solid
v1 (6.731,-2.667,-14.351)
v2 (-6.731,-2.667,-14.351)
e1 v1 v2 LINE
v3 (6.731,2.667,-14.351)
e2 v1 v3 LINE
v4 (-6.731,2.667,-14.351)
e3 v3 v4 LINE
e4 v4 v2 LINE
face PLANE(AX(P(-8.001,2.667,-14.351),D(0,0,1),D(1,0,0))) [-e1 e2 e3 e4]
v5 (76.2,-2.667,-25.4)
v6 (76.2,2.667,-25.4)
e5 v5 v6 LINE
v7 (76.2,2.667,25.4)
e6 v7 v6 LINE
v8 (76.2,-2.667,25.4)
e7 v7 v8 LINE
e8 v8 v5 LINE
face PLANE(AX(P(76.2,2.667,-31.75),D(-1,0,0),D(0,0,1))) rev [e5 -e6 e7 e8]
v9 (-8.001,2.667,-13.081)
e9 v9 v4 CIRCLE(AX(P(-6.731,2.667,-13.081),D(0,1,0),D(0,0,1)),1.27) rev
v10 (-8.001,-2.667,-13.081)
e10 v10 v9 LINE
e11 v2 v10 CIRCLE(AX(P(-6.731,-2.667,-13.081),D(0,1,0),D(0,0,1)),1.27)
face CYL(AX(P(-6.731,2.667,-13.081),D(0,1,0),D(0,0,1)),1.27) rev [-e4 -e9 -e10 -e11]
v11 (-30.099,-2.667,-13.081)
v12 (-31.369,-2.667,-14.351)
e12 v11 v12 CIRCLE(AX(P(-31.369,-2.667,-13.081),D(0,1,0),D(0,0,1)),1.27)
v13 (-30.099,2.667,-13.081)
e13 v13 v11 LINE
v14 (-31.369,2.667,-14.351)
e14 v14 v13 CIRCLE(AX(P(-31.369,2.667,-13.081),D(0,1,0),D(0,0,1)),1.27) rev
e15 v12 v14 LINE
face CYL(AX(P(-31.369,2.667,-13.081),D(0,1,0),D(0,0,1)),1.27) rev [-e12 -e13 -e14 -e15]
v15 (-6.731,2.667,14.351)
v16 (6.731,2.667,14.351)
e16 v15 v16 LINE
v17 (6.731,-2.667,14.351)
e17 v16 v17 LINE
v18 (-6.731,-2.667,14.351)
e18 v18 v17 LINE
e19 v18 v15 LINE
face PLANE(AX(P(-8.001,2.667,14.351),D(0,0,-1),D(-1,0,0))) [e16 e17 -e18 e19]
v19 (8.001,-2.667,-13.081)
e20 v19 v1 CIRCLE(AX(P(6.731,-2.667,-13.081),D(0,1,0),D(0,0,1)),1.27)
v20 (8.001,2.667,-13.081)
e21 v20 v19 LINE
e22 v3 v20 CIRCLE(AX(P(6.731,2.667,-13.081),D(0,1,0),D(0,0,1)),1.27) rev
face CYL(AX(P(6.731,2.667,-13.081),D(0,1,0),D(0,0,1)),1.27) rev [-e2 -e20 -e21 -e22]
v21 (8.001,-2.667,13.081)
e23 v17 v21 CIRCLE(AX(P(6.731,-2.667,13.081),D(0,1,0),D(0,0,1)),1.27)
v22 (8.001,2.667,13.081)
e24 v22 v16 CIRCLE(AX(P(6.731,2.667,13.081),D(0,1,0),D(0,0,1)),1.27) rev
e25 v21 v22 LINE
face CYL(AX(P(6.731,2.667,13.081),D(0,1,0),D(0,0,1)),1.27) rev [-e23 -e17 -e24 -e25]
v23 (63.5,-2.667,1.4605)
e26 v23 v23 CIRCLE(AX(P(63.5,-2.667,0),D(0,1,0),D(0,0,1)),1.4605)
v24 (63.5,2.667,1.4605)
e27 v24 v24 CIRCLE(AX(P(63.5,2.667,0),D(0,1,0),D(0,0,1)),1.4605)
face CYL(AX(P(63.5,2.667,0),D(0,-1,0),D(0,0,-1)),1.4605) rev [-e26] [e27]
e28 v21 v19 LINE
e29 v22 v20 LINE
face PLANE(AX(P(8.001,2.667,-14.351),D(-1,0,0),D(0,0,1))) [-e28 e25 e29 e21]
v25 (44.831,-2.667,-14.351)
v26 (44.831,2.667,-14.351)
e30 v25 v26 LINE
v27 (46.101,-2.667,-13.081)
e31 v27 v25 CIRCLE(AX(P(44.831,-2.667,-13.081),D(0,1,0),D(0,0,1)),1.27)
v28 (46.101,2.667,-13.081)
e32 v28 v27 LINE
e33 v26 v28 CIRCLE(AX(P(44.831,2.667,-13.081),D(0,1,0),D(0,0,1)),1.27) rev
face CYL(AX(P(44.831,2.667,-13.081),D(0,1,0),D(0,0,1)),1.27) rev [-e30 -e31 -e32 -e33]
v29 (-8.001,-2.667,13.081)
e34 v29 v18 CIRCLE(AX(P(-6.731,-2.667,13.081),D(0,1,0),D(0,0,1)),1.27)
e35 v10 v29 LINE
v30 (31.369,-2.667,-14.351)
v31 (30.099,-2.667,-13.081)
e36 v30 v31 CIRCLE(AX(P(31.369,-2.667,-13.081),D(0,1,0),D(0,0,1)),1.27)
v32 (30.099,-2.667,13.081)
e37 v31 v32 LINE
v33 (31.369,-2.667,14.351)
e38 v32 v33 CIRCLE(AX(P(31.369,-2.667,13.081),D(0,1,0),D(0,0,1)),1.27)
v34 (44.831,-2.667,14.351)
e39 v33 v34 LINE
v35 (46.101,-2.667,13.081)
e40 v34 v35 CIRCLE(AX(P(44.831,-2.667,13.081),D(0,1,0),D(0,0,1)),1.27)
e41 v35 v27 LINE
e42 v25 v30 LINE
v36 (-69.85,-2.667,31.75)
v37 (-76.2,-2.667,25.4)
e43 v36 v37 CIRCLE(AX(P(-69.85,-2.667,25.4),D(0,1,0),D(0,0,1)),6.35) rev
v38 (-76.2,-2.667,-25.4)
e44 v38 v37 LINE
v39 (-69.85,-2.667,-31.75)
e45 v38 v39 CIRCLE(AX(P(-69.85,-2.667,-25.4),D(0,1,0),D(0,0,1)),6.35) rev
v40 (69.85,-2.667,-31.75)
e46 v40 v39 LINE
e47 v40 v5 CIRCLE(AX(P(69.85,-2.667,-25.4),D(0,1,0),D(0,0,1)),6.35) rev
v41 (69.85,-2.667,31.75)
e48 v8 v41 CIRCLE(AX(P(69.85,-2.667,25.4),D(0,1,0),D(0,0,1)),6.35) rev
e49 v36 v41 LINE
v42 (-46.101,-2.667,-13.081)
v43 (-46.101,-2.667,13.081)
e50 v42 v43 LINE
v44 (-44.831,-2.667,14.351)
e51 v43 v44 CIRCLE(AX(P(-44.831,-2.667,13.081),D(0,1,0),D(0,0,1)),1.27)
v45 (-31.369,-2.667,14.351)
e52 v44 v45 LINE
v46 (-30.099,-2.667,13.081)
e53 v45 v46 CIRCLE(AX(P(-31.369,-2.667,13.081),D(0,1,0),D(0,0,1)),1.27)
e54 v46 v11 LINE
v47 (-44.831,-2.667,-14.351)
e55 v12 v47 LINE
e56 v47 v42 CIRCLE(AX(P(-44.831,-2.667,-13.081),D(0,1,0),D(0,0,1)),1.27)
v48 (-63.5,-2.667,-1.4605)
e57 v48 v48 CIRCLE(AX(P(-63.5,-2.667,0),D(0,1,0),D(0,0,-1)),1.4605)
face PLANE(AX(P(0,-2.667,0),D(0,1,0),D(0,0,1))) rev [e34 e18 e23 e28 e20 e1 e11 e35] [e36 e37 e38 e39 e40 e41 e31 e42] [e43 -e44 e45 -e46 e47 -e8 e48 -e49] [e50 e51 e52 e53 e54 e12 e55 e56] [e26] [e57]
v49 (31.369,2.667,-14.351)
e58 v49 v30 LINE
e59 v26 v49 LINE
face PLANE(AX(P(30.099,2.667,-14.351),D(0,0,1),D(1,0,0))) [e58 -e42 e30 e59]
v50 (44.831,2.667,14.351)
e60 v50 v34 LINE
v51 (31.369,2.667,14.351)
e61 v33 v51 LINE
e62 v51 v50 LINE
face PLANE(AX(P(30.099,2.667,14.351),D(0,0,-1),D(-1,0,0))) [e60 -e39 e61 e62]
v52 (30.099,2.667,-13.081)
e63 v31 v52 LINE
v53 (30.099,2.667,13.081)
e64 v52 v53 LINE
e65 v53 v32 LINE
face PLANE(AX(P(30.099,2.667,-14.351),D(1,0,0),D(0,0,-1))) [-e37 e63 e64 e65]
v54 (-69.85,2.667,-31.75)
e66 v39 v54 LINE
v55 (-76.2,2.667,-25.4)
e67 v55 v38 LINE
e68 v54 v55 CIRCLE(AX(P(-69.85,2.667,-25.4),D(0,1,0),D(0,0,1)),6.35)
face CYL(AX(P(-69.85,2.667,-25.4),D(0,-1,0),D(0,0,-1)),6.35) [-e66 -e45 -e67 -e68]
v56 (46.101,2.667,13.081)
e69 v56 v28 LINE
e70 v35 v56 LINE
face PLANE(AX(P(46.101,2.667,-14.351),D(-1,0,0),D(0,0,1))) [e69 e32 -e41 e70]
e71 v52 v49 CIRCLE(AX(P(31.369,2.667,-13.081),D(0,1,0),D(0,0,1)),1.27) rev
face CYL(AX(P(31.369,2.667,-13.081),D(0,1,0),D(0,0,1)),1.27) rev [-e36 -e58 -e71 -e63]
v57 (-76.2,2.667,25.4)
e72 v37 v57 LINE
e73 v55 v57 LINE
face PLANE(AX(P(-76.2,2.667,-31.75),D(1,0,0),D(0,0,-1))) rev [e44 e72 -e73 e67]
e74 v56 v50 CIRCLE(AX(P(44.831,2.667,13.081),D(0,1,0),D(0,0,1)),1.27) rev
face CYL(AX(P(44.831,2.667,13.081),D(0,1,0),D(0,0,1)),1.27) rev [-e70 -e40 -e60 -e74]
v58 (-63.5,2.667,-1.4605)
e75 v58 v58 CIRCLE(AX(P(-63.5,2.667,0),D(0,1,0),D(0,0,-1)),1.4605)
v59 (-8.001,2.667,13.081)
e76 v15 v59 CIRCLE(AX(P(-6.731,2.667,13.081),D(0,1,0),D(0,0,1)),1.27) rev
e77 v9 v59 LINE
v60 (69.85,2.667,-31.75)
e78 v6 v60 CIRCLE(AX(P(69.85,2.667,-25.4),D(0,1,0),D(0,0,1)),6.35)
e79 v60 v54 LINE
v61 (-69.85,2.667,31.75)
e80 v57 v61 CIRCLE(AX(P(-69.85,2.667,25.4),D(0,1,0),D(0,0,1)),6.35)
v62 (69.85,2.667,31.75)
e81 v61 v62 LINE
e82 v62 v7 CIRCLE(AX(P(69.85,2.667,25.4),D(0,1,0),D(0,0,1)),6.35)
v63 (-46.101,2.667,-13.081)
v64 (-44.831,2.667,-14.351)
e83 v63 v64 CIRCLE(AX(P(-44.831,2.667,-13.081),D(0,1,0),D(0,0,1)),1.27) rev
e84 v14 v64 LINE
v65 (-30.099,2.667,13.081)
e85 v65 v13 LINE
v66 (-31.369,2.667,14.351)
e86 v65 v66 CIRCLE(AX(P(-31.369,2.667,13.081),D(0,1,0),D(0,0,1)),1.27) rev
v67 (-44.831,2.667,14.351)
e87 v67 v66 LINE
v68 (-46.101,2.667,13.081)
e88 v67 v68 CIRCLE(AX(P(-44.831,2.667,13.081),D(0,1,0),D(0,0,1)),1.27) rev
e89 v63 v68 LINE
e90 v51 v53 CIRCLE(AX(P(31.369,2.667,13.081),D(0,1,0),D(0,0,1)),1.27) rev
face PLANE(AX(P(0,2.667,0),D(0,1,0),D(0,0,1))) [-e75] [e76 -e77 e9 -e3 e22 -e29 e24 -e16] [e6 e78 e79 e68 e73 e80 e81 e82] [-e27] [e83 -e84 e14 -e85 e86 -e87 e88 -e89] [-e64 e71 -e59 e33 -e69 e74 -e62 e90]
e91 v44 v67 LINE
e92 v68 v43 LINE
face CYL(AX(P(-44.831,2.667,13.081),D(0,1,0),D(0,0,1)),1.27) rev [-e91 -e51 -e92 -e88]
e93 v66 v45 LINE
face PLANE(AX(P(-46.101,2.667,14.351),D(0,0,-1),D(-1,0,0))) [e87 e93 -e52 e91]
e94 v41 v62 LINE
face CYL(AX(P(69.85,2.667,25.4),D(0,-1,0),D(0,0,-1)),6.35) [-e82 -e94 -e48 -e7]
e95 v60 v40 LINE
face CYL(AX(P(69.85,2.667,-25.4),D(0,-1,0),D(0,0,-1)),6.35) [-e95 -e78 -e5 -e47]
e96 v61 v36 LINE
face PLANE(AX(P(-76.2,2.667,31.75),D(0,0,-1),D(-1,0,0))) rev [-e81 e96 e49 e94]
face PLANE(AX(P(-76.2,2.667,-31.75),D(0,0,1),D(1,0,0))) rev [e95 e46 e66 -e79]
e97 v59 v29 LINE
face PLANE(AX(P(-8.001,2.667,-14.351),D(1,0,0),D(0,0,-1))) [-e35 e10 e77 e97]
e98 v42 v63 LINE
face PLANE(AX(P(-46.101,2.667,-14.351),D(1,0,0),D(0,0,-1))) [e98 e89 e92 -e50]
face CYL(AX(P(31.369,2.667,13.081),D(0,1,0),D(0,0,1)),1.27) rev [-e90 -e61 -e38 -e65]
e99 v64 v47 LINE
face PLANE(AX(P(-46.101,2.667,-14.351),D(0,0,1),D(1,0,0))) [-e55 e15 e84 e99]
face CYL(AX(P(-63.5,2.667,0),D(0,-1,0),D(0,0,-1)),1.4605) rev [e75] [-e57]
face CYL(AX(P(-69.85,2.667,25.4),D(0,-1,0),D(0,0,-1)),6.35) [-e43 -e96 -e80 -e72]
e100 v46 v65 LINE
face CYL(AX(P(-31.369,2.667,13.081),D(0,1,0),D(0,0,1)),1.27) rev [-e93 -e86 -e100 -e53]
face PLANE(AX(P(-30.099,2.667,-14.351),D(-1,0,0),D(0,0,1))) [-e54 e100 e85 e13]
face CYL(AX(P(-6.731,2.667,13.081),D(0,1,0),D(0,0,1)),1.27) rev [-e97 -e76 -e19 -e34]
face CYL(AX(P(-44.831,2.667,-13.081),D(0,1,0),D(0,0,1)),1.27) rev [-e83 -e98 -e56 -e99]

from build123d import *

# Parameters (mm, degrees)
SKETCH1_W           = 152.4
SKETCH1_H           = 63.5
SKETCH1_R           = 1.4605
SKETCH1_W_2         = 16.002
SKETCH1_H_2         = 28.702
BOSS_EXTRUDE1_DEPTH = 2.667
FILLET1_R           = 1.27
FILLET2_R           = 6.35


with BuildPart() as part:
    # Sketch1 → Boss-Extrude1 (new, symmetric)
    with BuildSketch(Plane(origin=(0, 0, 0), x_dir=(1, 0, 0), z_dir=(0, 1, 0))):
        Rectangle(SKETCH1_W, SKETCH1_H)
        with Locations(Location((63.5, 0, 0), (0, 0, 270))):
            Circle(SKETCH1_R, mode=Mode.SUBTRACT)
        with Locations(Location((-63.5, 0, 0), (0, 0, 90))):
            Circle(SKETCH1_R, mode=Mode.SUBTRACT)
        with Locations((-38.1, 0)):
            Rectangle(SKETCH1_W_2, SKETCH1_H_2, mode=Mode.SUBTRACT)
        Rectangle(SKETCH1_W_2, SKETCH1_H_2, mode=Mode.SUBTRACT)
        with Locations((38.1, 0)):
            Rectangle(SKETCH1_W_2, SKETCH1_H_2, mode=Mode.SUBTRACT)
    extrude(amount=BOSS_EXTRUDE1_DEPTH, both=True)

    # Fillet1
    fillet1_edges = [part.edges().sort_by_distance(p)[0] for p in [
        (-30.099, 0, 14.351),
        (-30.099, 0, -14.351),
        (-46.101, 0, -14.351),
        (-46.101, 0, 14.351),
        (8.001, 0, 14.351),
        (8.001, 0, -14.351),
        (-8.001, 0, -14.351),
        (-8.001, 0, 14.351),
        (46.101, 0, 14.351),
        (46.101, 0, -14.351),
        (30.099, 0, -14.351),
        (30.099, 0, 14.351),
    ]]
    fillet(fillet1_edges, radius=FILLET1_R)

    # Fillet2
    fillet2_edges = [part.edges().sort_by_distance(p)[0] for p in [
        (76.2, 0, 31.75),
        (-76.2, 0, 31.75),
        (-76.2, 0, -31.75),
        (76.2, 0, -31.75),
    ]]
    fillet(fillet2_edges, radius=FILLET2_R)


solid = part.part
